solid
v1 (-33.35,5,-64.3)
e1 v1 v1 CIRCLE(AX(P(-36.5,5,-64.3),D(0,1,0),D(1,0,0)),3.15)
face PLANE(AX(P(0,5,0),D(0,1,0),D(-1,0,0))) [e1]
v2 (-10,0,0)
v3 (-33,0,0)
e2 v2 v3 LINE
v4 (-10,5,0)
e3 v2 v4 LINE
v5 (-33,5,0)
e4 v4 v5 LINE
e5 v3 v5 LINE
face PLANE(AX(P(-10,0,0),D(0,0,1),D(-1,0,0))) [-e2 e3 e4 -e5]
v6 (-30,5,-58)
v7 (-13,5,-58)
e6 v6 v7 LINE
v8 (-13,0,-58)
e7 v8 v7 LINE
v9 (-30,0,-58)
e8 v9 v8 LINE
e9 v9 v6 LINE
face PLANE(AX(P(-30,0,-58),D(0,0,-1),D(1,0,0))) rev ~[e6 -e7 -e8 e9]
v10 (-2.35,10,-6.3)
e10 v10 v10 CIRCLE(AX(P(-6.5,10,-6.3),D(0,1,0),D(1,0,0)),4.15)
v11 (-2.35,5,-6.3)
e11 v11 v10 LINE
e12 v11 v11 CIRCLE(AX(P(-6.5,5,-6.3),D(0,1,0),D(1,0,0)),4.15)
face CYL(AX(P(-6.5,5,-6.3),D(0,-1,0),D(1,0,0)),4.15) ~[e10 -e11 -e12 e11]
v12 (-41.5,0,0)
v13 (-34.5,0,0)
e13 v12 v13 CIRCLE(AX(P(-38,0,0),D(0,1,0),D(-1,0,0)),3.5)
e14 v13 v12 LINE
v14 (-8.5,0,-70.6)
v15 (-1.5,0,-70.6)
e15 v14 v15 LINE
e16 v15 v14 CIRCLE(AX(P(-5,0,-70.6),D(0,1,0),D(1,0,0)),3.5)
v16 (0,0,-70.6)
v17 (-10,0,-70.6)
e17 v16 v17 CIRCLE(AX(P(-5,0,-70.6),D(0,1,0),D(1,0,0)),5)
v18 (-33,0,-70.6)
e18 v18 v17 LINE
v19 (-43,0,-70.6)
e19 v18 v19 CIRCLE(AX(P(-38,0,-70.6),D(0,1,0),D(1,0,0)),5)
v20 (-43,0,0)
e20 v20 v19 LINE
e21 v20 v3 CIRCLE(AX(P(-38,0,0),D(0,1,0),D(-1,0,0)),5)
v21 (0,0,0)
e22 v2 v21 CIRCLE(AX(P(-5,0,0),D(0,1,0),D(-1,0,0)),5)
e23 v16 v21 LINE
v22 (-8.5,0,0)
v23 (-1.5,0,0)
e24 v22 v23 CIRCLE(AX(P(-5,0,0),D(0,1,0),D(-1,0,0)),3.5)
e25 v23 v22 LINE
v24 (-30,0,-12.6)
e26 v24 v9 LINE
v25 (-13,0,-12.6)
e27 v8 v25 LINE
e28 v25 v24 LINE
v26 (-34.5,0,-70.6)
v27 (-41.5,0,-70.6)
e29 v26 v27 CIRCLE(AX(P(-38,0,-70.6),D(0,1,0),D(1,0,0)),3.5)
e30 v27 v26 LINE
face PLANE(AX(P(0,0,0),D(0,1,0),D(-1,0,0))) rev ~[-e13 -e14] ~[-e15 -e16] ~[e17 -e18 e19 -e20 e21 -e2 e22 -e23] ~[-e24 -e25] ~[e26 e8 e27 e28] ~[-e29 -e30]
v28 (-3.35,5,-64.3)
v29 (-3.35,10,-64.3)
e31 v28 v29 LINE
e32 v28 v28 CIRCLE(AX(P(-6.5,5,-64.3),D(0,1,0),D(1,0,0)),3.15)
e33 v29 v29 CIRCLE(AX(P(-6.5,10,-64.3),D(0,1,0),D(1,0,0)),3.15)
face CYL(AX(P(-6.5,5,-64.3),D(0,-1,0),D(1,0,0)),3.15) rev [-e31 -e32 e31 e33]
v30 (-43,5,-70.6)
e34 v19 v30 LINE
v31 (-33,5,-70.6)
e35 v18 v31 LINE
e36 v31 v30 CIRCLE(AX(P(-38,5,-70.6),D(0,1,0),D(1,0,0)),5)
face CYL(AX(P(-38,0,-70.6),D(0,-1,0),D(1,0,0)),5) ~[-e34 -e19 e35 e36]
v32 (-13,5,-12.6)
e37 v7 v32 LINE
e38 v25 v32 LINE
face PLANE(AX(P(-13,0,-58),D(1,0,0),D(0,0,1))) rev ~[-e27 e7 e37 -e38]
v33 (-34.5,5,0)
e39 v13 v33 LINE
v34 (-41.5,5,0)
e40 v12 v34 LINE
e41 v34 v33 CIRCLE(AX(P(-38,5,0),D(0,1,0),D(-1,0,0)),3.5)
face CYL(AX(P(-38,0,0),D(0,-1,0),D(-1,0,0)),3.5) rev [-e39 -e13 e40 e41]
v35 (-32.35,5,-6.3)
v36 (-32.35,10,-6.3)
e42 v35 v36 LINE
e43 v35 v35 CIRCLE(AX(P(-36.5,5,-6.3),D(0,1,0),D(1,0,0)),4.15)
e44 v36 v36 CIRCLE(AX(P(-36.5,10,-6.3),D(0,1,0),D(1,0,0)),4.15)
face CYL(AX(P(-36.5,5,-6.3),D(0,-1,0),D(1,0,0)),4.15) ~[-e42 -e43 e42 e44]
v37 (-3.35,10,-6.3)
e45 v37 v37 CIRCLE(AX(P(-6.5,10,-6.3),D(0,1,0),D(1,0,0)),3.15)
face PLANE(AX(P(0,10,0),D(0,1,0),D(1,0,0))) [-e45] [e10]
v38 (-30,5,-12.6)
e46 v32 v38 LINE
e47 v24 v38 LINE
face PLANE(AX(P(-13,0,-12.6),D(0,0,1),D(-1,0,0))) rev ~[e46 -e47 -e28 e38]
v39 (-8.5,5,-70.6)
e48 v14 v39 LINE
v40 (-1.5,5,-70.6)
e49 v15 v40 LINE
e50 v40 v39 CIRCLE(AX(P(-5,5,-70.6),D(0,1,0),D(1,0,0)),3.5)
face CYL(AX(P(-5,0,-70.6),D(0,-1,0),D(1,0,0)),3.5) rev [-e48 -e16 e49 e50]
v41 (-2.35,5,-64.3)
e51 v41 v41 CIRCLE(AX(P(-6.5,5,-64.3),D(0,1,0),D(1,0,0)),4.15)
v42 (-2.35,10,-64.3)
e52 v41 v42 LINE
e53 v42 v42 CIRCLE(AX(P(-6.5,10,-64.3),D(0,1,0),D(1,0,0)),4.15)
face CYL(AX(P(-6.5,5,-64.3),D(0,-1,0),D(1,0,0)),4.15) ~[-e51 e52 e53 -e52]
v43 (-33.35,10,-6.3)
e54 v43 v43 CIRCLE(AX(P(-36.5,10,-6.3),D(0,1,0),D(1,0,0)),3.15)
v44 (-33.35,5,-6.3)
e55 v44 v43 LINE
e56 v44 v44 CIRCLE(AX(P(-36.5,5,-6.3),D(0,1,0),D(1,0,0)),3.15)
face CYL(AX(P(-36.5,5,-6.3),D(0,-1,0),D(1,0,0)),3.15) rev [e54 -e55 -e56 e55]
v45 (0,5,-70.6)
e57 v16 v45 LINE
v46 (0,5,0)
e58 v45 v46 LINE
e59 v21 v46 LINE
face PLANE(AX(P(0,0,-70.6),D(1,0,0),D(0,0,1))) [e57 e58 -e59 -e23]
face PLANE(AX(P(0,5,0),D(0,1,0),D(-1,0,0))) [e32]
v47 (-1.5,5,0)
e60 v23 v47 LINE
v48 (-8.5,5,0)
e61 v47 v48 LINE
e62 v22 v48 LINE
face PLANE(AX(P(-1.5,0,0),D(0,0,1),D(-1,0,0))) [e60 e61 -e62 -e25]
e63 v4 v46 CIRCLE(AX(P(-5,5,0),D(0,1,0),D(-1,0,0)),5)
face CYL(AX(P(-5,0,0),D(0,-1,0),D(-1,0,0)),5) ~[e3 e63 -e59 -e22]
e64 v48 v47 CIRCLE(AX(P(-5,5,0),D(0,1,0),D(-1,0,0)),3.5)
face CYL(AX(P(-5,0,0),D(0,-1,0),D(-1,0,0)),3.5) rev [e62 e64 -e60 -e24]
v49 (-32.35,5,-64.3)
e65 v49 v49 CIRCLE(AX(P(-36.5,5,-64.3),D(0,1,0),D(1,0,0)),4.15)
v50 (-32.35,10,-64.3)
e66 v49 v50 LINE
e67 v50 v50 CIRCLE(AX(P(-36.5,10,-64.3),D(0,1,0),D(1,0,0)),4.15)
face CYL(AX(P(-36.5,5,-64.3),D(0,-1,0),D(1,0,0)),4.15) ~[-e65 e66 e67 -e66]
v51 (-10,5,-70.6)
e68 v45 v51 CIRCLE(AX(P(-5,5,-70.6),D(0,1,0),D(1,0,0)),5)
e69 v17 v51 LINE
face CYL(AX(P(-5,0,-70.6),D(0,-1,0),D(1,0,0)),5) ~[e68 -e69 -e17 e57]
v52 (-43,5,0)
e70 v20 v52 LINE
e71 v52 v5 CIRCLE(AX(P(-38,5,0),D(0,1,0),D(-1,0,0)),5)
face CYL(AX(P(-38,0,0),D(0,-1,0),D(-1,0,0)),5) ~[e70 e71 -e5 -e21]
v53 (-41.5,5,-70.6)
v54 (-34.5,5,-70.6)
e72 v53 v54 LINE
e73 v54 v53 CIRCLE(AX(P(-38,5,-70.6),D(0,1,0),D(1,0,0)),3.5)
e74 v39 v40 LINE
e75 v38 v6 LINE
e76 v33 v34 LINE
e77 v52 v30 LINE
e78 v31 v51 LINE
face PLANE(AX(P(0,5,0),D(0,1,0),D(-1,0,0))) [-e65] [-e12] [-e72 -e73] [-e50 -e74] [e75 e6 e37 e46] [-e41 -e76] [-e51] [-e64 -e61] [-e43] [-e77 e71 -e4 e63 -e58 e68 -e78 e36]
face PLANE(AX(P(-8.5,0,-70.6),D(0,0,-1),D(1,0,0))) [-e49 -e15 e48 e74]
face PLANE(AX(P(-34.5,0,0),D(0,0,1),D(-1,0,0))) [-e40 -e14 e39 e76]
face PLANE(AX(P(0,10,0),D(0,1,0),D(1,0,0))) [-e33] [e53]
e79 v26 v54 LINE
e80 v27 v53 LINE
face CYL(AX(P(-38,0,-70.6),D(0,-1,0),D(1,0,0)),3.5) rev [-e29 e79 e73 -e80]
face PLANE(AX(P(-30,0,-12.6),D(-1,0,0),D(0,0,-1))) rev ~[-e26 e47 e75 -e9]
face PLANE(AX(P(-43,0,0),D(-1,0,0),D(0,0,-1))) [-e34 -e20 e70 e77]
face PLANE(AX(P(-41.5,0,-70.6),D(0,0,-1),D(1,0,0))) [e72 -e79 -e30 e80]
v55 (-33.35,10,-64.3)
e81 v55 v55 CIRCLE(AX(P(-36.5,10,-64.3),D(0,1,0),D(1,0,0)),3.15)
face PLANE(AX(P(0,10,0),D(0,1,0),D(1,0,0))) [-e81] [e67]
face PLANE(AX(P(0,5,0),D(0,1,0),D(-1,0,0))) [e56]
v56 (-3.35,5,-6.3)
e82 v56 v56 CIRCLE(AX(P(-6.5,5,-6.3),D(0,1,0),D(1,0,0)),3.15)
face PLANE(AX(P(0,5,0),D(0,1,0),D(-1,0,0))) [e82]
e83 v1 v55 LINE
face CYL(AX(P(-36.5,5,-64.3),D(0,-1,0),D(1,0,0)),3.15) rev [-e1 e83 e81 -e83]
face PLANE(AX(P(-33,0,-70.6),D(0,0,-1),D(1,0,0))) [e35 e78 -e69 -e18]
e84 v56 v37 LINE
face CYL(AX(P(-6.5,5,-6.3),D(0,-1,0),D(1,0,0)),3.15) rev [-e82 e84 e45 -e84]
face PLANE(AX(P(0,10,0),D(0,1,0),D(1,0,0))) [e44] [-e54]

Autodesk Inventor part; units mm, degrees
ref_plane "YZ Plane" through (0, 0, 0) normal (1, 0, 0) x (0, 1, 0)
ref_plane "XZ Plane" through (0, 0, 0) normal (0, 1, 0) x (-1, 0, 0)
ref_plane "XY Plane" through (0, 0, 0) normal (0, 0, 1) x (1, 0, 0)
sketch "Sketch1" plane through (0, 0, 0) normal (0, 1, 0) x (-1, 0, 0)
  line L0 (0, 0) -> (43, 0)
  line L1 (43, 0) -> (43, -70.6)
  line L2 (43, -70.6) -> (0, -70.6)
  line L3 (0, -70.6) -> (0, 0)
  line L4 (13, -12.6) -> (30, -12.6)
  line L5 (30, -12.6) -> (30, -58)
  line L6 (30, -58) -> (13, -58)
  line L7 (13, -58) -> (13, -12.6)
  line L8 (30, -35.3) -> (43, -35.3) construction
  line L9 (21.5, -12.6) -> (21.5, 0) construction
  arc A0 (43, 0) -> (33, 0) centre (38, 0) ccw
  arc A1 (10, 0) -> (0, 0) centre (5, 0) ccw
  arc A2 (41.5, 0) -> (34.5, 0) centre (38, 0) ccw
  arc A3 (8.5, 0) -> (1.5, 0) centre (5, 0) ccw
  arc A4 (33, -70.6) -> (43, -70.6) centre (38, -70.6) ccw
  arc A5 (0, -70.6) -> (10, -70.6) centre (5, -70.6) ccw
  arc A6 (34.5, -70.6) -> (41.5, -70.6) centre (38, -70.6) ccw
  arc A7 (1.5, -70.6) -> (8.5, -70.6) centre (5, -70.6) ccw
  point P0 (41.5, -70.6)
  dimension "d0" = 70.6
  dimension "d1" = 43
  dimension "d2" = 45.4
  dimension "d3" = 17
  dimension "d4" = 5
  dimension "d5" = 5
  dimension "d6" = 1.5
  dimension "d7" = 1.5
extrude "Extrusion1" add sketch "Sketch1" along normal blind 5 contours A1 L0 A3 | L0 L1 L2 L3 | L2 A7 A5 | A0 L0 A2 | L2 A6 A4
sketch "Sketch2" plane through (0, 5, 0) normal (0, 1, 0) x (1, 0, 0)
  line L0 (-33, 0) -> (-10, 0) construction
  line L1 (-13, 58) -> (-13, 12.6) construction
  line L2 (-10, 0) -> (-10, 12.6) construction
  line L3 (-13, 12.6) -> (-3, 12.6) construction
  line L4 (-13, 12.6) -> (0, 0) construction
  arc A0 (-10, 0) -> (0, 0) centre (-5, 0) ccw construction
  line L5 (-10, 0) -> (0, 0) construction
  line L6 (-5, 0) -> (-6.5, 6.3) construction
  line L7 (-43, 70.6) -> (-43, 0) construction
  line L8 (-43, 35.3) -> (0, 35.3) construction
  line L9 (0, 0) -> (0, 70.6) construction
  line L10 (-21.5, 0) -> (-21.5, 70.6) construction
  line L11 (-10, 70.6) -> (-33, 70.6) construction
  circle A1 centre (-6.5, 6.3) radius 3.15
  circle A2 centre (-6.5, 6.3) radius 4.15
  circle A3 centre (-6.5, 64.3) radius 3.15
  circle A4 centre (-6.5, 64.3) radius 4.15
  circle A5 centre (-36.5, 6.3) radius 3.15
  circle A6 centre (-36.5, 6.3) radius 4.15
  circle A7 centre (-36.5, 64.3) radius 3.15
  circle A8 centre (-36.5, 64.3) radius 4.15
  dimension "d10" = 1
  dimension "d11" = 6.3
extrude "Extrusion2" add sketch "Sketch2" along normal blind 5
equation "\"d0\" = carriage_top_length"
equation "\"d1\" = carriage_top_width"
equation "\"d2\" = carriage_mount_cutout_length"
equation "\"d3\" = carriage_mount_cutout_width"
equation "\"d8\" = carriage_top_thickness"
equation "\"d10\" = carriage_mount_wall_thickness"
equation "\"d11\" = rod_diameter + rod_tolerance"
equation "\"d12\" = carriage_top_thickness"
equation "\"carriage_mount_cutout_length\" = 45.4"
equation "\"carriage_mount_cutout_width\" = 17"
equation "\"carriage_top_length\" = 70.6"
equation "\"carriage_top_width\" = 43"
equation "\"carriage_top_thickness\" = 5"
equation "\"carriage_mount_wall_thickness\" = 1"
equation "\"rod_diameter\" = 6"
equation "\"rod_tolerance\" = 0.3"
properties part number "carriage_top"
